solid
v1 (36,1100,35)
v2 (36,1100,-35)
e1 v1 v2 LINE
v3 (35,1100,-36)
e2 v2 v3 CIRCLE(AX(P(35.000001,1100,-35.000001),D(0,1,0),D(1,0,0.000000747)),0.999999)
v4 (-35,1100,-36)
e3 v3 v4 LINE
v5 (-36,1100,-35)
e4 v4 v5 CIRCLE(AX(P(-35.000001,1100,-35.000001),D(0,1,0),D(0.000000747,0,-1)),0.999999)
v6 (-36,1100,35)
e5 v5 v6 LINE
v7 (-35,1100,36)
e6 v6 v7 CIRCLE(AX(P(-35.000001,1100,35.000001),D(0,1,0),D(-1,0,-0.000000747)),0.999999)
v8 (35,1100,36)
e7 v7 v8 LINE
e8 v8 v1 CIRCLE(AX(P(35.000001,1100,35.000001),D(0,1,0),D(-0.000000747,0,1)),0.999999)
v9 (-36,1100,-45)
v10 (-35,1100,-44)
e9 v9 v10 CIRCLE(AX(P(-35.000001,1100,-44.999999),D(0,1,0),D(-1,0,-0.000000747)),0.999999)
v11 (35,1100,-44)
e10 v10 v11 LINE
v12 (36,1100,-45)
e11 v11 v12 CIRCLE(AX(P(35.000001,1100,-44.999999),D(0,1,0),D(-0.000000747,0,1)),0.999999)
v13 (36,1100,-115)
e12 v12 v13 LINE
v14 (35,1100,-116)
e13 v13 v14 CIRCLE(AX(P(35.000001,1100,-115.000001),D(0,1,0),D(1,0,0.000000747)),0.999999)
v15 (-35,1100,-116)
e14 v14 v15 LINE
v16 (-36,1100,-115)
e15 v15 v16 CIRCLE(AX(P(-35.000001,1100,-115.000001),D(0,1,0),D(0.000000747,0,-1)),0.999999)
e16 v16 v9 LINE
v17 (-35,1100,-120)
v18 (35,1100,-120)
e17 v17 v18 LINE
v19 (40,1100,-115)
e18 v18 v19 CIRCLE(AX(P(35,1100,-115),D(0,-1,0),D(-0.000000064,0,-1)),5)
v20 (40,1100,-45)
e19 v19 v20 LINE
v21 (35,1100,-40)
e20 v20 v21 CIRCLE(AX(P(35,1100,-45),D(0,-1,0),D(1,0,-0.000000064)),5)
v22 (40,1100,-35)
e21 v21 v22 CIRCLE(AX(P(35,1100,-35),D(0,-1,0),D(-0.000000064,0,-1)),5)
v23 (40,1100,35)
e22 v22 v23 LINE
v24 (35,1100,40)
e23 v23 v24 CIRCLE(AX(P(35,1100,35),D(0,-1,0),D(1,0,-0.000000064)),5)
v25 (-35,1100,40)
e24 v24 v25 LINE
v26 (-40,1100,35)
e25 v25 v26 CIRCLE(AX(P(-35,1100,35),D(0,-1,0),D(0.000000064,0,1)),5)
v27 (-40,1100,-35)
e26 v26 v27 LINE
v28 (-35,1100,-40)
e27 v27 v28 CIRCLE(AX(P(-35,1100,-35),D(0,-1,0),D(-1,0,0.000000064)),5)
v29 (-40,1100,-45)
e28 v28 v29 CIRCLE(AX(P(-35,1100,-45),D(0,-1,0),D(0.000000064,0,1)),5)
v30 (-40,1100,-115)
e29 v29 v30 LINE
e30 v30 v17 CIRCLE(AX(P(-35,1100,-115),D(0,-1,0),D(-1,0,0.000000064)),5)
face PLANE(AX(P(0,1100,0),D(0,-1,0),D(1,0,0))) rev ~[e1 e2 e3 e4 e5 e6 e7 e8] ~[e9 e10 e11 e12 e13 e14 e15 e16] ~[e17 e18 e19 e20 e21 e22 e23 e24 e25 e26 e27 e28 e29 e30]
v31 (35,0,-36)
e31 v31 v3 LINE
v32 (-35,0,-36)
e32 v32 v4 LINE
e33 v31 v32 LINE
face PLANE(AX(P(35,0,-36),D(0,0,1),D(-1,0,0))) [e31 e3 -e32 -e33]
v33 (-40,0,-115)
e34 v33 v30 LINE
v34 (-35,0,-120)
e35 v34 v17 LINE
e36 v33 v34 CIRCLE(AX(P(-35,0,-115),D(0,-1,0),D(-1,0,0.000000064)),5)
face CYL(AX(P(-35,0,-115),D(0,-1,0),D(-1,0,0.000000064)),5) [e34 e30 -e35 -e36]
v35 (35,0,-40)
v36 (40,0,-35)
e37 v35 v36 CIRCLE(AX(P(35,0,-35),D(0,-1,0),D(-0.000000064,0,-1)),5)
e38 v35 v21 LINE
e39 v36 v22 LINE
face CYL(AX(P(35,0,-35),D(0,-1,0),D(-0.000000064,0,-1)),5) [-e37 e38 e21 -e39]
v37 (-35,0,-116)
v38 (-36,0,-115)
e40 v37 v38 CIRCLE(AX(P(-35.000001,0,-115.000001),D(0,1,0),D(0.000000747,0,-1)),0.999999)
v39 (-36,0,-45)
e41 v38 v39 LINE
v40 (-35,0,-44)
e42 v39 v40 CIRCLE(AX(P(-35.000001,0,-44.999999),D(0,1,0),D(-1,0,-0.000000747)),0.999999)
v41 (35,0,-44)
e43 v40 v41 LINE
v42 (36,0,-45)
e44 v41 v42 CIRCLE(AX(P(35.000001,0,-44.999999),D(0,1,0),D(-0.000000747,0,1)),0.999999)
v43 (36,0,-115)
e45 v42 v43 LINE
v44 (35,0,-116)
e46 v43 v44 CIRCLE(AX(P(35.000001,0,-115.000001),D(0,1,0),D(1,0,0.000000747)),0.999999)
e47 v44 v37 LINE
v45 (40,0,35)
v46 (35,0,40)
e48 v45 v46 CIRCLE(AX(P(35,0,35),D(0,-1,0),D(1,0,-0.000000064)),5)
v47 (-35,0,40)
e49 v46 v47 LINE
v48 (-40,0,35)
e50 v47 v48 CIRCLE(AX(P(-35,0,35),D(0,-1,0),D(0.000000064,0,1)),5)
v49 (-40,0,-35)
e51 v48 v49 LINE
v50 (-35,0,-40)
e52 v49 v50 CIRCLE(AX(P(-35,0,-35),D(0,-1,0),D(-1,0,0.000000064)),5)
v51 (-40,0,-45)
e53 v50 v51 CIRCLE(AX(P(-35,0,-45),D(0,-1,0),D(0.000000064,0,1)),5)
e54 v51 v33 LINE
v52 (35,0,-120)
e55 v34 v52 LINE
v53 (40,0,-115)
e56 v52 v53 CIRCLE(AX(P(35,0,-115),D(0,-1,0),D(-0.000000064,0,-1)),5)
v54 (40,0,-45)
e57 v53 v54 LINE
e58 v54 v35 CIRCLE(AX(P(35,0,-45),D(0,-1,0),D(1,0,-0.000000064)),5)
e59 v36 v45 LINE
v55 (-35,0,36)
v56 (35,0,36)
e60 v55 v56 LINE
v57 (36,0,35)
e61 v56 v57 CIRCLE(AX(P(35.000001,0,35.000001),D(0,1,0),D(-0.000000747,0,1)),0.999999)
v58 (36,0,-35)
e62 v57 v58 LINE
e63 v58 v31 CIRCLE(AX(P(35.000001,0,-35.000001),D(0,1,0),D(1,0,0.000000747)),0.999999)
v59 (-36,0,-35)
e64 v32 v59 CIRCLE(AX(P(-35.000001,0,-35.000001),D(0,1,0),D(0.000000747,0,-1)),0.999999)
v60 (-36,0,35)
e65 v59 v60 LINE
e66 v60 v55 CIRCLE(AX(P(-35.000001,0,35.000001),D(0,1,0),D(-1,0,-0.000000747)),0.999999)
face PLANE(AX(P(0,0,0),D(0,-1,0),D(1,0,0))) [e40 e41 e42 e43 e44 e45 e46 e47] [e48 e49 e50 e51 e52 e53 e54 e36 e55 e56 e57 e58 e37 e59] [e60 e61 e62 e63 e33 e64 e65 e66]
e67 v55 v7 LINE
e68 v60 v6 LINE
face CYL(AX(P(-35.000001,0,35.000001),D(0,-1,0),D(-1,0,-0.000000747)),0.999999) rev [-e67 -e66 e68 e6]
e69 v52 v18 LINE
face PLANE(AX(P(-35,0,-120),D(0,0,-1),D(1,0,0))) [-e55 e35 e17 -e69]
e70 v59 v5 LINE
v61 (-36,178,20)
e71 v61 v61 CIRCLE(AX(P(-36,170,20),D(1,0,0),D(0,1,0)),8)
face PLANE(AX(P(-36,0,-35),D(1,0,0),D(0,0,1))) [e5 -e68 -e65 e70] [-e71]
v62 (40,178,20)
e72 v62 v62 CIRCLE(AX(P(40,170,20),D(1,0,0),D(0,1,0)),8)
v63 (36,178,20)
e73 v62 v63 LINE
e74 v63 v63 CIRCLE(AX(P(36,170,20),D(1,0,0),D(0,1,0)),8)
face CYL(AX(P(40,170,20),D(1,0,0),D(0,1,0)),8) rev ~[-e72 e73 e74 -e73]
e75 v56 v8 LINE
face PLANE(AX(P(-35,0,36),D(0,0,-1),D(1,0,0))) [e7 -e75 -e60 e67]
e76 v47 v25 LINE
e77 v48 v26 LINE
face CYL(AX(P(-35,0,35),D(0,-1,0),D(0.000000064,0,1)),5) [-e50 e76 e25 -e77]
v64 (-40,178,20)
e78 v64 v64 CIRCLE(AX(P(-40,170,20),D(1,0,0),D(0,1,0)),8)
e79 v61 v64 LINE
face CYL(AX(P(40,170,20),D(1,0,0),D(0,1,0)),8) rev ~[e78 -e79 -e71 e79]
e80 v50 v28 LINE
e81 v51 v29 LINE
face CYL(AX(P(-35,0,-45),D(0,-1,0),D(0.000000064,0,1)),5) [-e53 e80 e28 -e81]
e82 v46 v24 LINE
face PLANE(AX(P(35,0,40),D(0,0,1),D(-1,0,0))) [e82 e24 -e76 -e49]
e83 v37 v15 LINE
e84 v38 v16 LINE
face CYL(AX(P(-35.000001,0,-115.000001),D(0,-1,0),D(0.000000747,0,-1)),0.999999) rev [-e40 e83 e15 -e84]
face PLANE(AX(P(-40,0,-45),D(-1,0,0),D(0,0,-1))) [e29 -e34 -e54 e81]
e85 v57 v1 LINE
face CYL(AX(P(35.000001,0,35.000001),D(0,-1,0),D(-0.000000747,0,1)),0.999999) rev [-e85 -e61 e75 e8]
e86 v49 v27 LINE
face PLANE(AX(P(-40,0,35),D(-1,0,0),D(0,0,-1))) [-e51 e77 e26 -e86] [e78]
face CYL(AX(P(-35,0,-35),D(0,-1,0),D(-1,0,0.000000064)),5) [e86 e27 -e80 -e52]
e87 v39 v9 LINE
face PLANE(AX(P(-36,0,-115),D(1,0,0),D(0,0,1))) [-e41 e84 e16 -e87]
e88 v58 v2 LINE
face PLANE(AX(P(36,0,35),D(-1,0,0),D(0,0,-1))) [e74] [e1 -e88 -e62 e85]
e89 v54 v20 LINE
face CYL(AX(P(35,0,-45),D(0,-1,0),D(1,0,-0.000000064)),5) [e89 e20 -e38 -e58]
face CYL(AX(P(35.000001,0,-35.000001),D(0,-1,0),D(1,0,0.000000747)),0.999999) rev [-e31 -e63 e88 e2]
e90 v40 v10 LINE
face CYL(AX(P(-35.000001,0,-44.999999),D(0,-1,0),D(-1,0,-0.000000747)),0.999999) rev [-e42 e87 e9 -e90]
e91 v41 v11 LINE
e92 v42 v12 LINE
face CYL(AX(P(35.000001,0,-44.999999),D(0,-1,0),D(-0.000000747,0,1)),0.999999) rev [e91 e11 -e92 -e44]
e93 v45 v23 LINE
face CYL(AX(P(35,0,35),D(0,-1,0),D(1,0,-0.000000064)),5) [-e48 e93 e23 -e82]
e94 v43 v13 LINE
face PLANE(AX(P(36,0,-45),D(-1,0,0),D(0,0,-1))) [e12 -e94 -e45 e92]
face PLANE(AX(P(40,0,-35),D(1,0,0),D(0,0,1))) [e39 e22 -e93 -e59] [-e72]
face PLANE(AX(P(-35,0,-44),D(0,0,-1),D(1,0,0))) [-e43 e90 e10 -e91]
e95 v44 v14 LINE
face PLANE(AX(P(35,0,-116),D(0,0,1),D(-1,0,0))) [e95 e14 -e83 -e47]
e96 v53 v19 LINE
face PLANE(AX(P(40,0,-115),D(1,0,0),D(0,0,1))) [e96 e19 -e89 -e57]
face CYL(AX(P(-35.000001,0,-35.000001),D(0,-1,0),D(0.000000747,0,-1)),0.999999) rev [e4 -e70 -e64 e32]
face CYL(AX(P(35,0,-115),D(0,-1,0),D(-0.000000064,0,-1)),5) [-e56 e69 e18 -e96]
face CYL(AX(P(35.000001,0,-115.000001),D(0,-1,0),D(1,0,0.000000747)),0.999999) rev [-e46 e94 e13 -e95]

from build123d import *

# Parameters (mm, degrees)
F1_DEPTH = 1100
F2_R     = 8
F3_DEPTH = 80.001


with BuildPart() as f1:
    # F0 (on Front) → F1 (new body)
    with BuildSketch(Plane.XZ):
        with BuildLine():
            ThreePointArc((40, 35), (38.535534, 38.535534), (35, 40))
            Line((35, 40), (-35, 40))
            ThreePointArc((-35, 40), (-38.535534, 38.535534), (-40, 35))
            Line((-40, 35), (-40, -35))
            ThreePointArc((-40, -35), (-38.535534, -38.535534), (-35, -40))
            Line((-35, -40), (35, -40))
            ThreePointArc((35, -40), (38.535534, -38.535534), (40, -35))
            Line((40, -35), (40, 35))
        make_face()
        with BuildLine():
            ThreePointArc((-36, 35), (-35.707107, 35.707107), (-35, 36))
            Line((-35, 36), (35, 36))
            ThreePointArc((35, 36), (35.707107, 35.707107), (36, 35))
            Line((36, 35), (36, -35))
            ThreePointArc((36, -35), (35.707107, -35.707107), (35, -36))
            Line((35, -36), (-35, -36))
            ThreePointArc((-35, -36), (-35.707107, -35.707107), (-36, -35))
            Line((-36, -35), (-36, 35))
        make_face(mode=Mode.SUBTRACT)
        with BuildLine():
            ThreePointArc((40, -45), (38.535534, -41.464466), (35, -40))
            Line((35, -40), (-35, -40))
            ThreePointArc((-35, -40), (-38.535534, -41.464466), (-40, -45))
            Line((-40, -45), (-40, -115))
            ThreePointArc((-40, -115), (-38.535534, -118.535534), (-35, -120))
            Line((-35, -120), (35, -120))
            ThreePointArc((35, -120), (38.535534, -118.535534), (40, -115))
            Line((40, -115), (40, -45))
        make_face()
        with BuildLine():
            ThreePointArc((-36, -45), (-35.707107, -44.292893), (-35, -44))
            Line((-35, -44), (35, -44))
            ThreePointArc((35, -44), (35.707107, -44.292893), (36, -45))
            Line((36, -45), (36, -115))
            ThreePointArc((36, -115), (35.707107, -115.707107), (35, -116))
            Line((35, -116), (-35, -116))
            ThreePointArc((-35, -116), (-35.707107, -115.707107), (-36, -115))
            Line((-36, -115), (-36, -45))
        make_face(mode=Mode.SUBTRACT)
    extrude(amount=-F1_DEPTH)

    # F2 (on face) → F3 (cut, through all)
    with BuildSketch(Plane.YZ.offset(40)):
        with Locations((170, 20)):
            Circle(F2_R)
    extrude(amount=-F3_DEPTH, mode=Mode.SUBTRACT)


solid = f1.part
